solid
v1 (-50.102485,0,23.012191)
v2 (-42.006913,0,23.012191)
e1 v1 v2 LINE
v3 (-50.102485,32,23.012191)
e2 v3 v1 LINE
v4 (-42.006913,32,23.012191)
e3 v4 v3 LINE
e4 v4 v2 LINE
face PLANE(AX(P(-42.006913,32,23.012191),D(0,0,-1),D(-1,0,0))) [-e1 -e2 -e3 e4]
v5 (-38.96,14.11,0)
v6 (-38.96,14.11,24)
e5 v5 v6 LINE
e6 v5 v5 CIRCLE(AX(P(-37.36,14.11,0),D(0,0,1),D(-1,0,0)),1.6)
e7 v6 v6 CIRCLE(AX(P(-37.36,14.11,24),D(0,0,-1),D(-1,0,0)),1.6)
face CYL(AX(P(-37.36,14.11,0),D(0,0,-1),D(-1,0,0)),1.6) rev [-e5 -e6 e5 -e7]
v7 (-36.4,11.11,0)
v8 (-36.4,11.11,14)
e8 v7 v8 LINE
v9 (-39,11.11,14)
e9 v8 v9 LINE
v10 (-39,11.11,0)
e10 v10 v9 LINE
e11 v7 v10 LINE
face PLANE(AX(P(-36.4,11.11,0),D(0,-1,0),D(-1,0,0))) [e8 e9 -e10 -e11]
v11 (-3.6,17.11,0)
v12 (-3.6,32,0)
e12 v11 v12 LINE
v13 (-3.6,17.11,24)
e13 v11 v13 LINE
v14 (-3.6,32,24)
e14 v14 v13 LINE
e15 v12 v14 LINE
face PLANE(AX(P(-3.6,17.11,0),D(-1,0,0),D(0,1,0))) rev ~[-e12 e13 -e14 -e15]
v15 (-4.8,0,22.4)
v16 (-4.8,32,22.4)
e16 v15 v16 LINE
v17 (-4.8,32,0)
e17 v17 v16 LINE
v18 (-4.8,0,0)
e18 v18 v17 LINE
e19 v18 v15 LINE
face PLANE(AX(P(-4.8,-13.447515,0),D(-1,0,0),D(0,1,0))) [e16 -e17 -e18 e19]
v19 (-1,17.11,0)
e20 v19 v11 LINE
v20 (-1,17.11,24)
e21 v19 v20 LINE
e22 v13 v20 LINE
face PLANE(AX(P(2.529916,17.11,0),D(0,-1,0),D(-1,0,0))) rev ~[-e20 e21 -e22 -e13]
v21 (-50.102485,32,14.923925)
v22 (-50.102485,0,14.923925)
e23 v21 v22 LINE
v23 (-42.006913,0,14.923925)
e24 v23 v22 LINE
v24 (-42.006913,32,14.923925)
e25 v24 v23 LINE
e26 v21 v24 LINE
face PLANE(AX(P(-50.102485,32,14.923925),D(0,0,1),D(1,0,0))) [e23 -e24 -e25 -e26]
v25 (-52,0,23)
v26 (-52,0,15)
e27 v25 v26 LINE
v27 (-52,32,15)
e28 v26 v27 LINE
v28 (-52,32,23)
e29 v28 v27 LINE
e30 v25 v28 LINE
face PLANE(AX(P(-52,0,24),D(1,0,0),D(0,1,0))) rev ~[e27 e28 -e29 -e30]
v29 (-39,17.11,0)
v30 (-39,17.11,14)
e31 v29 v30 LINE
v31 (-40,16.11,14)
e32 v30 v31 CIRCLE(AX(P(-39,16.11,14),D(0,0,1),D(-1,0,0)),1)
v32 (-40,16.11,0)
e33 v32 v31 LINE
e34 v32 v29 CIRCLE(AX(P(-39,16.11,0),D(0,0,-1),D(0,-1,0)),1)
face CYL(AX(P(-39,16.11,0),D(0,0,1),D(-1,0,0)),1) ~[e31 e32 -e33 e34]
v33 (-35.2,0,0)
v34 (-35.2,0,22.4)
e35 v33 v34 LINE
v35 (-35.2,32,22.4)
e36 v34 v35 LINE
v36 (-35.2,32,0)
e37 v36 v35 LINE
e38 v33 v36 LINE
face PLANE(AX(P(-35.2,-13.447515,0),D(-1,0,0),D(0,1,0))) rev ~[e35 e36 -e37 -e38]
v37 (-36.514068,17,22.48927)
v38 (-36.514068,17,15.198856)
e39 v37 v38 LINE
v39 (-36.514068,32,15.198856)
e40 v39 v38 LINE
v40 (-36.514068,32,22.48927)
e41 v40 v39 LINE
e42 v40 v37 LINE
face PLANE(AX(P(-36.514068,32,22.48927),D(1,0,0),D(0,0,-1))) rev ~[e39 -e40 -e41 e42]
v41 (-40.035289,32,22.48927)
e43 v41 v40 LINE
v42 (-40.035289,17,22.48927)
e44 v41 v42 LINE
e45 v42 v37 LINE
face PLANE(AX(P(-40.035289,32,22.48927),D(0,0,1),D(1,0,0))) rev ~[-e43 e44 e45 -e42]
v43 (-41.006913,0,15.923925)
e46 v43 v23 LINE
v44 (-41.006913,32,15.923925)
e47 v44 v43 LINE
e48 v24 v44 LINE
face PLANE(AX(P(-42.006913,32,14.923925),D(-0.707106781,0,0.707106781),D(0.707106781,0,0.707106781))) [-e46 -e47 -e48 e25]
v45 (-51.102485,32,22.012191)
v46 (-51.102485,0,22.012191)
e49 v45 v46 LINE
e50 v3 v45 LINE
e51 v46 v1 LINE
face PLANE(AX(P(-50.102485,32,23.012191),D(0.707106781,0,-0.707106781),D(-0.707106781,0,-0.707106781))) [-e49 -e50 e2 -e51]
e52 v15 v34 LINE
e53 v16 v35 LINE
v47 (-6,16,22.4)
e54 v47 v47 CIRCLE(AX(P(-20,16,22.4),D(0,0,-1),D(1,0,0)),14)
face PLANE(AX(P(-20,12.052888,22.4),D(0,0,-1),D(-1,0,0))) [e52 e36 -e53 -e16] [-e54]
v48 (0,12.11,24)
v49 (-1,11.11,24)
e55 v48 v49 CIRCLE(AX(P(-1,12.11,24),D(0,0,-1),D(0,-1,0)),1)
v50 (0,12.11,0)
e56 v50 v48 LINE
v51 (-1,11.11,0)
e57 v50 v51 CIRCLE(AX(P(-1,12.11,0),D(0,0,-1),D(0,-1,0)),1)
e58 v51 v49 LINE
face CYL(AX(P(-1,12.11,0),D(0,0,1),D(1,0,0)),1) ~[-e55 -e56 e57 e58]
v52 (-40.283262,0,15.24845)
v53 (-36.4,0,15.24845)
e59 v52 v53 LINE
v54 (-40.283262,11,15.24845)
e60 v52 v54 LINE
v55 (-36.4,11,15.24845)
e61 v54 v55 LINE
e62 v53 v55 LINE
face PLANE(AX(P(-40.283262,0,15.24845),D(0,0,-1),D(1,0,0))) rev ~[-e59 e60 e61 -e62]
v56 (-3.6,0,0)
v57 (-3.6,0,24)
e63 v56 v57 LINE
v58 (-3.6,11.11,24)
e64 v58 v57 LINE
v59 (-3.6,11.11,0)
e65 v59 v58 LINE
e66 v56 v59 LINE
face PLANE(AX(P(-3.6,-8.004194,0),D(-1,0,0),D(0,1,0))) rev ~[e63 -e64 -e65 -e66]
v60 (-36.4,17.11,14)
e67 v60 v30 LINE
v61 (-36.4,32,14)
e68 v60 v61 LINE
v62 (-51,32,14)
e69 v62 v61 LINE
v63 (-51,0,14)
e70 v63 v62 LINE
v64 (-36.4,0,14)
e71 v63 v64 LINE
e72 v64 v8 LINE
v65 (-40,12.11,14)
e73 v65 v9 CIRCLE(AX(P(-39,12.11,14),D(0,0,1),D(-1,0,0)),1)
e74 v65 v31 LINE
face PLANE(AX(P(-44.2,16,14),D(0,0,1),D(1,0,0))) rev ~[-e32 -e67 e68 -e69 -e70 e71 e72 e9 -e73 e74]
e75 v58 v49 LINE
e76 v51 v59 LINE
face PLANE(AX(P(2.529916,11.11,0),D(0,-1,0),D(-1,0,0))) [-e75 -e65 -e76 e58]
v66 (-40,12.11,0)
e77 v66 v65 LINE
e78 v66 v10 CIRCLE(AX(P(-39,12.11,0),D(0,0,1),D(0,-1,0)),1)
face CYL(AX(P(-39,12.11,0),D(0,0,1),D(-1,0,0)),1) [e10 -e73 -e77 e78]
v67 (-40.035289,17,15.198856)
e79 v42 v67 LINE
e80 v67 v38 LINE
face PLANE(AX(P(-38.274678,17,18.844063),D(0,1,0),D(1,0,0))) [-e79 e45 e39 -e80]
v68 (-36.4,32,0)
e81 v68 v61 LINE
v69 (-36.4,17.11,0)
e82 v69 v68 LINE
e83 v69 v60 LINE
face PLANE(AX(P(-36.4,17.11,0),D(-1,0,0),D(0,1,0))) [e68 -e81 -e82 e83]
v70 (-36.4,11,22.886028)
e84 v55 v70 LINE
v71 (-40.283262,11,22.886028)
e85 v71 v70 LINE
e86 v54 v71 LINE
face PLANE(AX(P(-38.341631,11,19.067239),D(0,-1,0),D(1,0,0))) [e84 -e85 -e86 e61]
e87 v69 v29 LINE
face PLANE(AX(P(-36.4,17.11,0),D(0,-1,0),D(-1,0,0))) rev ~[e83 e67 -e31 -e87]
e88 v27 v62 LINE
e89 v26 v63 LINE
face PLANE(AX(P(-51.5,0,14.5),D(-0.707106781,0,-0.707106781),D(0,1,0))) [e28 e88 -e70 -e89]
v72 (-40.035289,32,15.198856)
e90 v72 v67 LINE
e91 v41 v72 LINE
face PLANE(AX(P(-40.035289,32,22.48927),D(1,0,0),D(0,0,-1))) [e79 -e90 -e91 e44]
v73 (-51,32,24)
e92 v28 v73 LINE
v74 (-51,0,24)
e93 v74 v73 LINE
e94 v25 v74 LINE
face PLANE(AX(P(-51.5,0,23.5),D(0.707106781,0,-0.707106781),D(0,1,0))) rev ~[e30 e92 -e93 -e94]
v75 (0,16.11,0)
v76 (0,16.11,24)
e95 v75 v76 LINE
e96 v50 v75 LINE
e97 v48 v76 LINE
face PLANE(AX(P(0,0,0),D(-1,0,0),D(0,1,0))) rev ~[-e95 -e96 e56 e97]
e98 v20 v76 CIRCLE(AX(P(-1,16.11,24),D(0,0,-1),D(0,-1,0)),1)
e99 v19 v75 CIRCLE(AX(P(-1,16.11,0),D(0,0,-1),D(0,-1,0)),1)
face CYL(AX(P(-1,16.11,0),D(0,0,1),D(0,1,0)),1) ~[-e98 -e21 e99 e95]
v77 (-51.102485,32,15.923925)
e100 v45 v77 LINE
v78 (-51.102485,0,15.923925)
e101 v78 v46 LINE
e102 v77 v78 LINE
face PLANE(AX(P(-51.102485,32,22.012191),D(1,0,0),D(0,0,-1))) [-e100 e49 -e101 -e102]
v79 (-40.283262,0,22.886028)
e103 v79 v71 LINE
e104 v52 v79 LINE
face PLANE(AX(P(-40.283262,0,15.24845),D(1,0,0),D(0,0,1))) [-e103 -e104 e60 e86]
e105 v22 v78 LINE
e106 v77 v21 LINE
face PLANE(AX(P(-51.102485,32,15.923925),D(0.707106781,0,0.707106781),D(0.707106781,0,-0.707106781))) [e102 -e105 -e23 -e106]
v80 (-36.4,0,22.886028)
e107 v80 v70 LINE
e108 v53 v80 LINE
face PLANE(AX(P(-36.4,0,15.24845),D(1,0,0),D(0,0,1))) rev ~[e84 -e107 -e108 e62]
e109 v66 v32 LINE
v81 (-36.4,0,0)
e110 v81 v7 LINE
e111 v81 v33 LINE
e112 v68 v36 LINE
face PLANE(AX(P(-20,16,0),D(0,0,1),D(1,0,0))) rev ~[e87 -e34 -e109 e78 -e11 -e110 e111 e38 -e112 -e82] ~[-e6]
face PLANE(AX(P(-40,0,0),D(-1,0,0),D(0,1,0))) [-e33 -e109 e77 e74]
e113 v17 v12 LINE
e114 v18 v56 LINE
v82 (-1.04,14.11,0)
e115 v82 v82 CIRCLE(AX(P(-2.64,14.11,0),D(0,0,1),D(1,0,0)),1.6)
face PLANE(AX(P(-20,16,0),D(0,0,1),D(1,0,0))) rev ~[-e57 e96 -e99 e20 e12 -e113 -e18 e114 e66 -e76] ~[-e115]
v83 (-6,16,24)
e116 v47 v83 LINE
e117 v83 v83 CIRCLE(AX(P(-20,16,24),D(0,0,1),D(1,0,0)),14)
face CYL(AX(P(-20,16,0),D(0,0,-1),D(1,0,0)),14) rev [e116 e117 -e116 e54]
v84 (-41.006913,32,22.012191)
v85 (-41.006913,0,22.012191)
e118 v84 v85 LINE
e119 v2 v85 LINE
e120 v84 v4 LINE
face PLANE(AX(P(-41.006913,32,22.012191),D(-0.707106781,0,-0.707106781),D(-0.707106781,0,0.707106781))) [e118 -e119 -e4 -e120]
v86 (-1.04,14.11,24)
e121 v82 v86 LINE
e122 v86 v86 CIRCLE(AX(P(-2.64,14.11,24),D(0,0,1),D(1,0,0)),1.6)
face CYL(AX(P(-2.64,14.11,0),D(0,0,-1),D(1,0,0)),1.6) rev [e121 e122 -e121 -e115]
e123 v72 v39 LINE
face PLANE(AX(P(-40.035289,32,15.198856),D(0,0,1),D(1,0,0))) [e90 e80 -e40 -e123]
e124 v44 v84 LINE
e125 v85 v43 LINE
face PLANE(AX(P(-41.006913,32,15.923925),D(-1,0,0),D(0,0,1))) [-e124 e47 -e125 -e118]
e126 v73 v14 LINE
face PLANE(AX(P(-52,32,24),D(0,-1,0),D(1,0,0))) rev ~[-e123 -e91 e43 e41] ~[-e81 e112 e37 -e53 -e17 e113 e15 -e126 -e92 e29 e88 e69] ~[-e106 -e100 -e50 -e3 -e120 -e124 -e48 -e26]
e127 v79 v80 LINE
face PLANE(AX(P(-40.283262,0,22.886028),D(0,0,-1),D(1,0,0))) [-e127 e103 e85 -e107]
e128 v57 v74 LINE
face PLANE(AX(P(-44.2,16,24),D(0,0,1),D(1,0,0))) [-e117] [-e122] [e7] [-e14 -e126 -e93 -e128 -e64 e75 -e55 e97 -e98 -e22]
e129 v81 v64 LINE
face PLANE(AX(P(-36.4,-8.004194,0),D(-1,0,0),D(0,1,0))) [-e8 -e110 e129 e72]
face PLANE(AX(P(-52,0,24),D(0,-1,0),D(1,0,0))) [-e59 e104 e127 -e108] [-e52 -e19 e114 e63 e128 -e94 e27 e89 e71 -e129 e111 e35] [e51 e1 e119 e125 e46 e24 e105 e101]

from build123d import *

# Parameters (mm, degrees)
SKETCH_1_W          = 40
SKETCH_1_H          = 32
SKETCH_1_R          = 14
SKETCH_1_R_2        = 1.6
EXTRUDE_1_DEPTH     = 24
SKETCH_3_W          = 30.4
SKETCH_3_H          = 51.000805287
CUT_EXTRUDE_2_DEPTH = 22.4
SKETCH_4_W          = 6.12991639
SKETCH_4_H          = 19.114193836
CUT_EXTRUDE_3_DEPTH = 57.568542495
FILLET_1_R          = 1
SKETCH_6_W          = 15.6
SKETCH_6_H          = 32
EXTRUDE_3_DEPTH     = 10
SKETCH_8_R          = 1.6
CUT_EXTRUDE_4_DEPTH = 66.604877867
CUT_EXTRUDE_5_DEPTH = 66.604877867
CHAMFER_1_SIZE      = 1
SKETCH_10_W         = 3.521220791
SKETCH_10_H         = 7.290414878
CUT_EXTRUDE_6_DEPTH = 15
SKETCH_11_W         = 3.883261803
SKETCH_11_H         = 7.637577492
CUT_EXTRUDE_7_DEPTH = 11


with BuildPart() as part:
    # 草图1 → 凸台-拉伸1 (new body)
    with BuildSketch(Plane.XY):
        with Locations((-20, 16)):
            Rectangle(SKETCH_1_W, SKETCH_1_H)
        with Locations((-20, 16)):
            Circle(SKETCH_1_R, mode=Mode.SUBTRACT)
        with Locations((-2.64, 14.11)):
            Circle(SKETCH_1_R_2, mode=Mode.SUBTRACT)
        with Locations(Location((-37.36, 14.11, 0), (0, 0, 180))):
            Circle(SKETCH_1_R_2, mode=Mode.SUBTRACT)
    extrude(amount=EXTRUDE_1_DEPTH)

    # 草图3 → 切除-拉伸2 (cut)
    with BuildSketch(Plane(origin=(0, 0, 0), x_dir=(-1, 0, 0), z_dir=(0, 0, -1))):
        with Locations((20, 12.05288799)):
            Rectangle(SKETCH_3_W, SKETCH_3_H)
    extrude(amount=-CUT_EXTRUDE_2_DEPTH, mode=Mode.SUBTRACT)

    # 草图4 → 切除-拉伸3 (cut, through all)
    with BuildSketch(Plane(origin=(0, 0, 0), x_dir=(-1, 0, 0), z_dir=(0, 0, -1))):
        with Locations((0.535041805, 26.667096918)):
            Rectangle(SKETCH_4_W, SKETCH_4_H)
        with Locations((39.464958195, 26.667096918)):
            Rectangle(SKETCH_4_W, SKETCH_4_H)
        with Locations((39.464958195, 1.552903082)):
            Rectangle(SKETCH_4_W, SKETCH_4_H)
        with Locations((0.535041805, 1.552903082)):
            Rectangle(SKETCH_4_W, SKETCH_4_H)
    extrude(amount=-CUT_EXTRUDE_3_DEPTH, mode=Mode.SUBTRACT)

    # 圆角1
    fillet_1_edges = [part.edges().sort_by_distance(p)[0] for p in [
        (0, 11.11, 12),
        (0, 17.11, 12),
        (-40, 17.11, 12),
        (-40, 11.11, 12),
    ]]
    fillet(fillet_1_edges, radius=FILLET_1_R)

    # 草图6 → 凸台-拉伸3 (add)
    with BuildSketch(Plane.XY.offset(24)):
        with Locations((-44.2, 16)):
            Rectangle(SKETCH_6_W, SKETCH_6_H)
    extrude(amount=-EXTRUDE_3_DEPTH)

    # 草图8 → 切除-拉伸4 (cut, through all)
    with BuildSketch(Plane.XY.offset(24)):
        with Locations(Location((-37.36, 14.11, 0), (0, 0, 180))):
            Circle(SKETCH_8_R)
    extrude(amount=-CUT_EXTRUDE_4_DEPTH, mode=Mode.SUBTRACT)

    # 草图9 → 切除-拉伸5 (cut, through all)
    with BuildSketch(Plane(origin=(0, 32, 0), x_dir=(1, 0, 0), z_dir=(0, 1, 0))):
        Polygon((-51.102484963, -15.923925167), (-50.102484963, -14.923925167), (-42.006912692, -14.923925167), (-41.006912692, -15.923925167), (-41.006912692, -22.012190671), (-42.006912692, -23.012190671), (-50.102484963, -23.012190671), (-51.102484963, -22.012190671), align=None)
    extrude(amount=-CUT_EXTRUDE_5_DEPTH, mode=Mode.SUBTRACT)

    # 倒角1
    chamfer_1_edges = [part.edges().sort_by_distance(p)[0] for p in [
        (-52, 16, 24),
        (-52, 16, 14),
    ]]
    chamfer(chamfer_1_edges, length=CHAMFER_1_SIZE)

    # 草图10 → 切除-拉伸6 (cut)
    with BuildSketch(Plane(origin=(0, 32, 0), x_dir=(1, 0, 0), z_dir=(0, 1, 0))):
        with Locations((-38.274678112, -18.844062947)):
            Rectangle(SKETCH_10_W, SKETCH_10_H)
    extrude(amount=-CUT_EXTRUDE_6_DEPTH, mode=Mode.SUBTRACT)

    # 草图11 → 切除-拉伸7 (cut)
    with BuildSketch(Plane.XZ):
        with Locations((-38.341630902, 19.067238913)):
            Rectangle(SKETCH_11_W, SKETCH_11_H)
    extrude(amount=-CUT_EXTRUDE_7_DEPTH, mode=Mode.SUBTRACT)


solid = part.part
